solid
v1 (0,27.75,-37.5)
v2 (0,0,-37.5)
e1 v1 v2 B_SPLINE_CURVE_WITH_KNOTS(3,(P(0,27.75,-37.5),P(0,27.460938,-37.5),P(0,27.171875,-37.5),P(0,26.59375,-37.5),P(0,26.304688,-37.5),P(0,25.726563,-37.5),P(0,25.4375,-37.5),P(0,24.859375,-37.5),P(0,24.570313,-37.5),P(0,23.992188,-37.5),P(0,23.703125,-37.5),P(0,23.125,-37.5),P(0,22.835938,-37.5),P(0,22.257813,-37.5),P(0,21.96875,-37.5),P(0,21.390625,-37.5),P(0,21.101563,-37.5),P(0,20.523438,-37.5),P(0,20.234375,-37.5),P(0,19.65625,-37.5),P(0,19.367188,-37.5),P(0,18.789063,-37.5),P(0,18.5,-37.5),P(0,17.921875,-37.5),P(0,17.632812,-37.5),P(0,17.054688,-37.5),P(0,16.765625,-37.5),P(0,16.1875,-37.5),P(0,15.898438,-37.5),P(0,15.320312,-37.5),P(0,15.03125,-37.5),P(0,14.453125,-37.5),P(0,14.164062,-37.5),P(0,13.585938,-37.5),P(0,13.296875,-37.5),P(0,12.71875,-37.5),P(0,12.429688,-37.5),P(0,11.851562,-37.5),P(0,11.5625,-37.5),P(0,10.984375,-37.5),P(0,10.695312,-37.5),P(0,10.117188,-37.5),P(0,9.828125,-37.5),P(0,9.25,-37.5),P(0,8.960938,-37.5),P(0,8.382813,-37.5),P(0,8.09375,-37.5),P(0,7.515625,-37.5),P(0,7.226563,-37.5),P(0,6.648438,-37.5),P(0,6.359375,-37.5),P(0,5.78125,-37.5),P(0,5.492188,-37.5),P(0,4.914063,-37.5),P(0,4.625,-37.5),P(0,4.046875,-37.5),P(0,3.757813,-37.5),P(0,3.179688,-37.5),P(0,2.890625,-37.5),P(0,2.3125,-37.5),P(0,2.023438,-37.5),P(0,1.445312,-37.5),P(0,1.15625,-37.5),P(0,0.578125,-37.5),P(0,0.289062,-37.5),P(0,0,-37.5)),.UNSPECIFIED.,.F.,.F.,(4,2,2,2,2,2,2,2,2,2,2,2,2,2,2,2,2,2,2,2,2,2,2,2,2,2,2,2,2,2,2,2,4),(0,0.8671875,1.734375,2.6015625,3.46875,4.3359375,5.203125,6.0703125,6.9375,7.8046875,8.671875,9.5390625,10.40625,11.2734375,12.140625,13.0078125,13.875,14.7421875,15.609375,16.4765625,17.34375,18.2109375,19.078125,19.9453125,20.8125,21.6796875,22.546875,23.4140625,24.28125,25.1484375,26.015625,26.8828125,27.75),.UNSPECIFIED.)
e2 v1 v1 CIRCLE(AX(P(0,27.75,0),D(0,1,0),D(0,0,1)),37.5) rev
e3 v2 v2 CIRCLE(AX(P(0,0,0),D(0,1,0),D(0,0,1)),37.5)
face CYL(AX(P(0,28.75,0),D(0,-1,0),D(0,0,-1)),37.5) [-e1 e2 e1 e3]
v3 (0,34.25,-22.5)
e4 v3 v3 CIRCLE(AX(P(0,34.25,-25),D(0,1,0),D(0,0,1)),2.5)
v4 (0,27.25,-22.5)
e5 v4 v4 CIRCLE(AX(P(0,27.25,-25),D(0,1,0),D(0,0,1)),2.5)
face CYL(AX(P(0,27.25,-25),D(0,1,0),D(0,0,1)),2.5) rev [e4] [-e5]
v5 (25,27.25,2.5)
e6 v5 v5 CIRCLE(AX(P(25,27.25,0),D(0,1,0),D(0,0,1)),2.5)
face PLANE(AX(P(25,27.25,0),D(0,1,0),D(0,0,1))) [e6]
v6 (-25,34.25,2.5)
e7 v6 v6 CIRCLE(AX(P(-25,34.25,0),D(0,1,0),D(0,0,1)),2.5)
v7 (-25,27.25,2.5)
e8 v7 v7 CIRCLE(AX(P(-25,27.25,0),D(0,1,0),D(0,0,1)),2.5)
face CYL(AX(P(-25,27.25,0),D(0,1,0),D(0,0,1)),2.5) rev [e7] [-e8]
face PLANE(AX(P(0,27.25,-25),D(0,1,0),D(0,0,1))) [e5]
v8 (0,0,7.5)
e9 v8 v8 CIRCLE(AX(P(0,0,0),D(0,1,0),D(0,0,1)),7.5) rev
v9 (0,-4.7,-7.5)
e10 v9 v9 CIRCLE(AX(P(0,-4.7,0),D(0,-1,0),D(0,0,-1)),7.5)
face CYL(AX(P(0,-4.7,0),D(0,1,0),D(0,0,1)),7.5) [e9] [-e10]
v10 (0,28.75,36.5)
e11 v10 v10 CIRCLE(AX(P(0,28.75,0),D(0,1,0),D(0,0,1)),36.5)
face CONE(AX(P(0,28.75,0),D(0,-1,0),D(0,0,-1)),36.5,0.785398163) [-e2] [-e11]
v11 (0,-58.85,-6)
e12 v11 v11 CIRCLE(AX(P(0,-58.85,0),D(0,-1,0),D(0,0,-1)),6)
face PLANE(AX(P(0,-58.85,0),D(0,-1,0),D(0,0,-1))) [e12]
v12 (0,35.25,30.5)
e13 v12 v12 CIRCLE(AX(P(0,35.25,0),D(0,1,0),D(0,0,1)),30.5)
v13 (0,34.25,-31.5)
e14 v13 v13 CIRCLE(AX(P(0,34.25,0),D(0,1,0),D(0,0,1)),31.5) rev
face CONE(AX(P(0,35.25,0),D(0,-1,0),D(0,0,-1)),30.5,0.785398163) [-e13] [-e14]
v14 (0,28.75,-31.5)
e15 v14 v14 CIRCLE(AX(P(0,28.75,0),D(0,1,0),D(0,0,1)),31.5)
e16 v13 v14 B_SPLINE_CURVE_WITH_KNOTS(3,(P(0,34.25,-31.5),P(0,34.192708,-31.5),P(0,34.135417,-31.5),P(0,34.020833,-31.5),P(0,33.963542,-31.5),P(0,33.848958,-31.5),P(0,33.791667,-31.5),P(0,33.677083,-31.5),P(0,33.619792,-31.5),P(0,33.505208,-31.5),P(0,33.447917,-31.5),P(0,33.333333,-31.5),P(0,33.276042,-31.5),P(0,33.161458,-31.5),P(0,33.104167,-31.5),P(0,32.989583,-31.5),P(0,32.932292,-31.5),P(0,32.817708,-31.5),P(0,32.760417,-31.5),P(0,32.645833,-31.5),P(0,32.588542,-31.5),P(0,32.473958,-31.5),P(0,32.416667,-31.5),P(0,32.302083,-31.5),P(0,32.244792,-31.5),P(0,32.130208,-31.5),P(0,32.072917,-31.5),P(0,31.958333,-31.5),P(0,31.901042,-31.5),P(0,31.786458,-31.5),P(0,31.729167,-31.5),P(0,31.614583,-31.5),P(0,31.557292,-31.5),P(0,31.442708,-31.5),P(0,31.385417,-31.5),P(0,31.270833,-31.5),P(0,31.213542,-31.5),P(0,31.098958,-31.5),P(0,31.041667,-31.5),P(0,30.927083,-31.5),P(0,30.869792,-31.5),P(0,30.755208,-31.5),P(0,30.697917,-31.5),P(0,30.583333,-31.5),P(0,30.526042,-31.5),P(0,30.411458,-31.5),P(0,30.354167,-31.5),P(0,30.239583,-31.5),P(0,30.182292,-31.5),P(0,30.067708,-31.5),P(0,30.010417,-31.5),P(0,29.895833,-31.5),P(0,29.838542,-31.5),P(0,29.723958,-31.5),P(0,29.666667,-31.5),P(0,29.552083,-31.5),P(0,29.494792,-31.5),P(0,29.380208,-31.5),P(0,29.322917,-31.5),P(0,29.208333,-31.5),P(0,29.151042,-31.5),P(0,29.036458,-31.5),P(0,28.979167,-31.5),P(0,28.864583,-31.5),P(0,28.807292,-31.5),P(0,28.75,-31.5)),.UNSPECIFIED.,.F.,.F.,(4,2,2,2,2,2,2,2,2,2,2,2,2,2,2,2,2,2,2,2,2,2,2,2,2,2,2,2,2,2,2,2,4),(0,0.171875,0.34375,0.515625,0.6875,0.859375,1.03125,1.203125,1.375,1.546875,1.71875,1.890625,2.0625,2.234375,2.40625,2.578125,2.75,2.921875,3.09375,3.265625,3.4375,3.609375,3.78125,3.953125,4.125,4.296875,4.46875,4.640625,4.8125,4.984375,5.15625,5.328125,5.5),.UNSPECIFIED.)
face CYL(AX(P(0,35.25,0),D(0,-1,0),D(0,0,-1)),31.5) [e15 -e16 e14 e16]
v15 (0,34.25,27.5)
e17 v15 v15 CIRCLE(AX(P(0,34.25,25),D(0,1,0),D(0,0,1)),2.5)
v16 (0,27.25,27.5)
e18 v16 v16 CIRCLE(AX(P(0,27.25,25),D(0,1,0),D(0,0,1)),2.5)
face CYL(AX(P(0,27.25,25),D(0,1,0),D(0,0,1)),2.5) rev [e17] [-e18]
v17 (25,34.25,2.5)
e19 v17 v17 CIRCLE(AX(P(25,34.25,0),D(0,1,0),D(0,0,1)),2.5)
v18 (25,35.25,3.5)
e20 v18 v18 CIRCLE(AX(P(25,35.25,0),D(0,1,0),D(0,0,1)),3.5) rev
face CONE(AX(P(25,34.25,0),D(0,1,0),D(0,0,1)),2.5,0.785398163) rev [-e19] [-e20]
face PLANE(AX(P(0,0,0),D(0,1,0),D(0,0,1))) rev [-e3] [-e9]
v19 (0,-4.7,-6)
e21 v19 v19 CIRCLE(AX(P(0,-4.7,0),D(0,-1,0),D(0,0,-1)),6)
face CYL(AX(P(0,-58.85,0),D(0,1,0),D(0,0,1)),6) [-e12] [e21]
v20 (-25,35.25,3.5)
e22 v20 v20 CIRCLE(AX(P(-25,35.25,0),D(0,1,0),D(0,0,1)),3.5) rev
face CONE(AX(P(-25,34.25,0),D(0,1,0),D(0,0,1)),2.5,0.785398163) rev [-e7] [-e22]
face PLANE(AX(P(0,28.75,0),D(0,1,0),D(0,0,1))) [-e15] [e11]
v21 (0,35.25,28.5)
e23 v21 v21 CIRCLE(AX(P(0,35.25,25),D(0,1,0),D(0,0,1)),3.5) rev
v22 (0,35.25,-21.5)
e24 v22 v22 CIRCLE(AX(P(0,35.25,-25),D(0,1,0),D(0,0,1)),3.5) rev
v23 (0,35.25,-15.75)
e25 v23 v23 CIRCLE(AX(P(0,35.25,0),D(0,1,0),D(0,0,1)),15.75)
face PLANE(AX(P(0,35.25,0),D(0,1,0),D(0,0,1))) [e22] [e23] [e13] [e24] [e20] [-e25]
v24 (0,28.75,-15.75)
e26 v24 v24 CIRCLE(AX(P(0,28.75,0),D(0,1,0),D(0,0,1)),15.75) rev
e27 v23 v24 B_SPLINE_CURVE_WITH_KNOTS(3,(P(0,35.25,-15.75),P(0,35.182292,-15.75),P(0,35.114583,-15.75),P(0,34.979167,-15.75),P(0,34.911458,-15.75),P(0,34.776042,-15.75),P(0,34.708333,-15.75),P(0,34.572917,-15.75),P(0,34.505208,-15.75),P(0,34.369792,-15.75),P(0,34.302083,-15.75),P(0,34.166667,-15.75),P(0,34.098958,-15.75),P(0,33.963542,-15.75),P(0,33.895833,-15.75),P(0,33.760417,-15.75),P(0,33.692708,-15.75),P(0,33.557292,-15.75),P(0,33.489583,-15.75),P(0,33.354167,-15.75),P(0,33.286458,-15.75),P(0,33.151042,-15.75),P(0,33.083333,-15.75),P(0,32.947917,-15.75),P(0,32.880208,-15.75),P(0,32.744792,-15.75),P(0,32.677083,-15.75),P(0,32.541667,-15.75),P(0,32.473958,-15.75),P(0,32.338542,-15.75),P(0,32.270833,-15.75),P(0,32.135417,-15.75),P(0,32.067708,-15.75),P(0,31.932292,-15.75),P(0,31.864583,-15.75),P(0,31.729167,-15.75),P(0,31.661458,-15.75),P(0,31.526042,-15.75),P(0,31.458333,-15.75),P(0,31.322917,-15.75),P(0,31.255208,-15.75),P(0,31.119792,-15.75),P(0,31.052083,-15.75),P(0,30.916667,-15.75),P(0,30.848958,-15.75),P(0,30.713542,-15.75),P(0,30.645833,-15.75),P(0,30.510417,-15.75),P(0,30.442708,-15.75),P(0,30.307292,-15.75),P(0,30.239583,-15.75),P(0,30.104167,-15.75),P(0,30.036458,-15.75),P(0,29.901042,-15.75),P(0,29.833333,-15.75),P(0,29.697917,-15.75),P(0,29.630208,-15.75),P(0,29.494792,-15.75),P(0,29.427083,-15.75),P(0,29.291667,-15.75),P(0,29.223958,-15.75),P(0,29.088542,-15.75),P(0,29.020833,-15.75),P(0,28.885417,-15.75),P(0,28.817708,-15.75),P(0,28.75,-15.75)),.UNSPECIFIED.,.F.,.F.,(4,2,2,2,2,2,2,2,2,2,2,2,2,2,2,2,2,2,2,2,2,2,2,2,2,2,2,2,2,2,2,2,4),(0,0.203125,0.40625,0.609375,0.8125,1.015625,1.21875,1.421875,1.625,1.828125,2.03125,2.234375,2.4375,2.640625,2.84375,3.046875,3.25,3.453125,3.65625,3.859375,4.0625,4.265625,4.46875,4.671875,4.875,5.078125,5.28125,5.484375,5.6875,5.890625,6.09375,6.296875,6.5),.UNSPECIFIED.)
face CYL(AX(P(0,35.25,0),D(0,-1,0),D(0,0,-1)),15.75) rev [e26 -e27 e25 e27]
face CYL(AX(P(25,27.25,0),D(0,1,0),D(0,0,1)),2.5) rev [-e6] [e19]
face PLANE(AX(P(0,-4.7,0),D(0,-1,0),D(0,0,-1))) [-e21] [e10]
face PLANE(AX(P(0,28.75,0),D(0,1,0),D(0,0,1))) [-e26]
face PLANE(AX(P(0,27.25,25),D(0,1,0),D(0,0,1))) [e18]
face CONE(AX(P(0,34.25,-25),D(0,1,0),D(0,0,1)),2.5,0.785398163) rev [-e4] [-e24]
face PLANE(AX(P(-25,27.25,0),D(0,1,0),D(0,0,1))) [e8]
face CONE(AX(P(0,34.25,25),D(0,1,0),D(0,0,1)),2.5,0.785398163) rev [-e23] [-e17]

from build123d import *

# Parameters (mm, degrees)
SKETCH1_R           = 37.5
BOSS_EXTRUDE1_DEPTH = 28.75
SKETCH2_R           = 31.5
SKETCH2_R_2         = 15.75
BOSS_EXTRUDE2_DEPTH = 6.5
SKETCH3_R           = 6
BOSS_EXTRUDE3_DEPTH = 58.85
SKETCH4_R           = 7.5
BOSS_EXTRUDE4_DEPTH = 4.7
CHAMFER1_SIZE       = 1
SKETCH5_R           = 2.5
CUT_EXTRUDE1_DEPTH  = 8
CHAMFER2_SIZE       = 1


with BuildPart() as part:
    # Sketch1 → Boss-Extrude1 (new body)
    with BuildSketch(Plane(origin=(0, 0, 0), x_dir=(1, 0, 0), z_dir=(0, 1, 0))):
        with Locations(Location((0, 0, 0), (0, 0, 90))):
            Circle(SKETCH1_R)
    extrude(amount=BOSS_EXTRUDE1_DEPTH)

    # Sketch2 → Boss-Extrude2 (add)
    with BuildSketch(Plane(origin=(0, 28.75, 0), x_dir=(1, 0, 0), z_dir=(0, 1, 0))):
        with Locations(Location((0, 0, 0), (0, 0, 90))):
            Circle(SKETCH2_R)
        with Locations(Location((0, 0, 0), (0, 0, 90))):
            Circle(SKETCH2_R_2, mode=Mode.SUBTRACT)
    extrude(amount=BOSS_EXTRUDE2_DEPTH)

    # Sketch3 → Boss-Extrude3 (add)
    with BuildSketch(Plane.XZ):
        with Locations(Location((0, 0, 0), (0, 0, 270))):
            Circle(SKETCH3_R)
    extrude(amount=BOSS_EXTRUDE3_DEPTH)

    # Sketch4 → Boss-Extrude4 (add)
    with BuildSketch(Plane.XZ):
        with Locations(Location((0, 0, 0), (0, 0, 90))):
            Circle(SKETCH4_R)
    extrude(amount=BOSS_EXTRUDE4_DEPTH)

    # Chamfer1
    chamfer1_edges = [part.edges().sort_by_distance(p)[0] for p in [
        (0, 28.75, 37.5),
        (0, 35.25, 31.5),
    ]]
    chamfer(chamfer1_edges, length=CHAMFER1_SIZE)

    # Sketch5 → Cut-Extrude1 (cut)
    with BuildSketch(Plane(origin=(0, 35.25, 0), x_dir=(1, 0, 0), z_dir=(0, 1, 0))):
        with Locations(Location((0, 25, 0), (0, 0, 270))):
            Circle(SKETCH5_R)
        with Locations(Location((25, 0, 0), (0, 0, 270))):
            Circle(SKETCH5_R)
        with Locations(Location((0, -25, 0), (0, 0, 270))):
            Circle(SKETCH5_R)
        with Locations(Location((-25, 0, 0), (0, 0, 270))):
            Circle(SKETCH5_R)
    extrude(amount=-CUT_EXTRUDE1_DEPTH, mode=Mode.SUBTRACT)

    # Chamfer2
    chamfer2_edges = [part.edges().sort_by_distance(p)[0] for p in [
        (0, 35.25, -27.5),
        (25, 35.25, -2.5),
        (0, 35.25, 22.5),
        (-25, 35.25, -2.5),
    ]]
    chamfer(chamfer2_edges, length=CHAMFER2_SIZE)


solid = part.part
